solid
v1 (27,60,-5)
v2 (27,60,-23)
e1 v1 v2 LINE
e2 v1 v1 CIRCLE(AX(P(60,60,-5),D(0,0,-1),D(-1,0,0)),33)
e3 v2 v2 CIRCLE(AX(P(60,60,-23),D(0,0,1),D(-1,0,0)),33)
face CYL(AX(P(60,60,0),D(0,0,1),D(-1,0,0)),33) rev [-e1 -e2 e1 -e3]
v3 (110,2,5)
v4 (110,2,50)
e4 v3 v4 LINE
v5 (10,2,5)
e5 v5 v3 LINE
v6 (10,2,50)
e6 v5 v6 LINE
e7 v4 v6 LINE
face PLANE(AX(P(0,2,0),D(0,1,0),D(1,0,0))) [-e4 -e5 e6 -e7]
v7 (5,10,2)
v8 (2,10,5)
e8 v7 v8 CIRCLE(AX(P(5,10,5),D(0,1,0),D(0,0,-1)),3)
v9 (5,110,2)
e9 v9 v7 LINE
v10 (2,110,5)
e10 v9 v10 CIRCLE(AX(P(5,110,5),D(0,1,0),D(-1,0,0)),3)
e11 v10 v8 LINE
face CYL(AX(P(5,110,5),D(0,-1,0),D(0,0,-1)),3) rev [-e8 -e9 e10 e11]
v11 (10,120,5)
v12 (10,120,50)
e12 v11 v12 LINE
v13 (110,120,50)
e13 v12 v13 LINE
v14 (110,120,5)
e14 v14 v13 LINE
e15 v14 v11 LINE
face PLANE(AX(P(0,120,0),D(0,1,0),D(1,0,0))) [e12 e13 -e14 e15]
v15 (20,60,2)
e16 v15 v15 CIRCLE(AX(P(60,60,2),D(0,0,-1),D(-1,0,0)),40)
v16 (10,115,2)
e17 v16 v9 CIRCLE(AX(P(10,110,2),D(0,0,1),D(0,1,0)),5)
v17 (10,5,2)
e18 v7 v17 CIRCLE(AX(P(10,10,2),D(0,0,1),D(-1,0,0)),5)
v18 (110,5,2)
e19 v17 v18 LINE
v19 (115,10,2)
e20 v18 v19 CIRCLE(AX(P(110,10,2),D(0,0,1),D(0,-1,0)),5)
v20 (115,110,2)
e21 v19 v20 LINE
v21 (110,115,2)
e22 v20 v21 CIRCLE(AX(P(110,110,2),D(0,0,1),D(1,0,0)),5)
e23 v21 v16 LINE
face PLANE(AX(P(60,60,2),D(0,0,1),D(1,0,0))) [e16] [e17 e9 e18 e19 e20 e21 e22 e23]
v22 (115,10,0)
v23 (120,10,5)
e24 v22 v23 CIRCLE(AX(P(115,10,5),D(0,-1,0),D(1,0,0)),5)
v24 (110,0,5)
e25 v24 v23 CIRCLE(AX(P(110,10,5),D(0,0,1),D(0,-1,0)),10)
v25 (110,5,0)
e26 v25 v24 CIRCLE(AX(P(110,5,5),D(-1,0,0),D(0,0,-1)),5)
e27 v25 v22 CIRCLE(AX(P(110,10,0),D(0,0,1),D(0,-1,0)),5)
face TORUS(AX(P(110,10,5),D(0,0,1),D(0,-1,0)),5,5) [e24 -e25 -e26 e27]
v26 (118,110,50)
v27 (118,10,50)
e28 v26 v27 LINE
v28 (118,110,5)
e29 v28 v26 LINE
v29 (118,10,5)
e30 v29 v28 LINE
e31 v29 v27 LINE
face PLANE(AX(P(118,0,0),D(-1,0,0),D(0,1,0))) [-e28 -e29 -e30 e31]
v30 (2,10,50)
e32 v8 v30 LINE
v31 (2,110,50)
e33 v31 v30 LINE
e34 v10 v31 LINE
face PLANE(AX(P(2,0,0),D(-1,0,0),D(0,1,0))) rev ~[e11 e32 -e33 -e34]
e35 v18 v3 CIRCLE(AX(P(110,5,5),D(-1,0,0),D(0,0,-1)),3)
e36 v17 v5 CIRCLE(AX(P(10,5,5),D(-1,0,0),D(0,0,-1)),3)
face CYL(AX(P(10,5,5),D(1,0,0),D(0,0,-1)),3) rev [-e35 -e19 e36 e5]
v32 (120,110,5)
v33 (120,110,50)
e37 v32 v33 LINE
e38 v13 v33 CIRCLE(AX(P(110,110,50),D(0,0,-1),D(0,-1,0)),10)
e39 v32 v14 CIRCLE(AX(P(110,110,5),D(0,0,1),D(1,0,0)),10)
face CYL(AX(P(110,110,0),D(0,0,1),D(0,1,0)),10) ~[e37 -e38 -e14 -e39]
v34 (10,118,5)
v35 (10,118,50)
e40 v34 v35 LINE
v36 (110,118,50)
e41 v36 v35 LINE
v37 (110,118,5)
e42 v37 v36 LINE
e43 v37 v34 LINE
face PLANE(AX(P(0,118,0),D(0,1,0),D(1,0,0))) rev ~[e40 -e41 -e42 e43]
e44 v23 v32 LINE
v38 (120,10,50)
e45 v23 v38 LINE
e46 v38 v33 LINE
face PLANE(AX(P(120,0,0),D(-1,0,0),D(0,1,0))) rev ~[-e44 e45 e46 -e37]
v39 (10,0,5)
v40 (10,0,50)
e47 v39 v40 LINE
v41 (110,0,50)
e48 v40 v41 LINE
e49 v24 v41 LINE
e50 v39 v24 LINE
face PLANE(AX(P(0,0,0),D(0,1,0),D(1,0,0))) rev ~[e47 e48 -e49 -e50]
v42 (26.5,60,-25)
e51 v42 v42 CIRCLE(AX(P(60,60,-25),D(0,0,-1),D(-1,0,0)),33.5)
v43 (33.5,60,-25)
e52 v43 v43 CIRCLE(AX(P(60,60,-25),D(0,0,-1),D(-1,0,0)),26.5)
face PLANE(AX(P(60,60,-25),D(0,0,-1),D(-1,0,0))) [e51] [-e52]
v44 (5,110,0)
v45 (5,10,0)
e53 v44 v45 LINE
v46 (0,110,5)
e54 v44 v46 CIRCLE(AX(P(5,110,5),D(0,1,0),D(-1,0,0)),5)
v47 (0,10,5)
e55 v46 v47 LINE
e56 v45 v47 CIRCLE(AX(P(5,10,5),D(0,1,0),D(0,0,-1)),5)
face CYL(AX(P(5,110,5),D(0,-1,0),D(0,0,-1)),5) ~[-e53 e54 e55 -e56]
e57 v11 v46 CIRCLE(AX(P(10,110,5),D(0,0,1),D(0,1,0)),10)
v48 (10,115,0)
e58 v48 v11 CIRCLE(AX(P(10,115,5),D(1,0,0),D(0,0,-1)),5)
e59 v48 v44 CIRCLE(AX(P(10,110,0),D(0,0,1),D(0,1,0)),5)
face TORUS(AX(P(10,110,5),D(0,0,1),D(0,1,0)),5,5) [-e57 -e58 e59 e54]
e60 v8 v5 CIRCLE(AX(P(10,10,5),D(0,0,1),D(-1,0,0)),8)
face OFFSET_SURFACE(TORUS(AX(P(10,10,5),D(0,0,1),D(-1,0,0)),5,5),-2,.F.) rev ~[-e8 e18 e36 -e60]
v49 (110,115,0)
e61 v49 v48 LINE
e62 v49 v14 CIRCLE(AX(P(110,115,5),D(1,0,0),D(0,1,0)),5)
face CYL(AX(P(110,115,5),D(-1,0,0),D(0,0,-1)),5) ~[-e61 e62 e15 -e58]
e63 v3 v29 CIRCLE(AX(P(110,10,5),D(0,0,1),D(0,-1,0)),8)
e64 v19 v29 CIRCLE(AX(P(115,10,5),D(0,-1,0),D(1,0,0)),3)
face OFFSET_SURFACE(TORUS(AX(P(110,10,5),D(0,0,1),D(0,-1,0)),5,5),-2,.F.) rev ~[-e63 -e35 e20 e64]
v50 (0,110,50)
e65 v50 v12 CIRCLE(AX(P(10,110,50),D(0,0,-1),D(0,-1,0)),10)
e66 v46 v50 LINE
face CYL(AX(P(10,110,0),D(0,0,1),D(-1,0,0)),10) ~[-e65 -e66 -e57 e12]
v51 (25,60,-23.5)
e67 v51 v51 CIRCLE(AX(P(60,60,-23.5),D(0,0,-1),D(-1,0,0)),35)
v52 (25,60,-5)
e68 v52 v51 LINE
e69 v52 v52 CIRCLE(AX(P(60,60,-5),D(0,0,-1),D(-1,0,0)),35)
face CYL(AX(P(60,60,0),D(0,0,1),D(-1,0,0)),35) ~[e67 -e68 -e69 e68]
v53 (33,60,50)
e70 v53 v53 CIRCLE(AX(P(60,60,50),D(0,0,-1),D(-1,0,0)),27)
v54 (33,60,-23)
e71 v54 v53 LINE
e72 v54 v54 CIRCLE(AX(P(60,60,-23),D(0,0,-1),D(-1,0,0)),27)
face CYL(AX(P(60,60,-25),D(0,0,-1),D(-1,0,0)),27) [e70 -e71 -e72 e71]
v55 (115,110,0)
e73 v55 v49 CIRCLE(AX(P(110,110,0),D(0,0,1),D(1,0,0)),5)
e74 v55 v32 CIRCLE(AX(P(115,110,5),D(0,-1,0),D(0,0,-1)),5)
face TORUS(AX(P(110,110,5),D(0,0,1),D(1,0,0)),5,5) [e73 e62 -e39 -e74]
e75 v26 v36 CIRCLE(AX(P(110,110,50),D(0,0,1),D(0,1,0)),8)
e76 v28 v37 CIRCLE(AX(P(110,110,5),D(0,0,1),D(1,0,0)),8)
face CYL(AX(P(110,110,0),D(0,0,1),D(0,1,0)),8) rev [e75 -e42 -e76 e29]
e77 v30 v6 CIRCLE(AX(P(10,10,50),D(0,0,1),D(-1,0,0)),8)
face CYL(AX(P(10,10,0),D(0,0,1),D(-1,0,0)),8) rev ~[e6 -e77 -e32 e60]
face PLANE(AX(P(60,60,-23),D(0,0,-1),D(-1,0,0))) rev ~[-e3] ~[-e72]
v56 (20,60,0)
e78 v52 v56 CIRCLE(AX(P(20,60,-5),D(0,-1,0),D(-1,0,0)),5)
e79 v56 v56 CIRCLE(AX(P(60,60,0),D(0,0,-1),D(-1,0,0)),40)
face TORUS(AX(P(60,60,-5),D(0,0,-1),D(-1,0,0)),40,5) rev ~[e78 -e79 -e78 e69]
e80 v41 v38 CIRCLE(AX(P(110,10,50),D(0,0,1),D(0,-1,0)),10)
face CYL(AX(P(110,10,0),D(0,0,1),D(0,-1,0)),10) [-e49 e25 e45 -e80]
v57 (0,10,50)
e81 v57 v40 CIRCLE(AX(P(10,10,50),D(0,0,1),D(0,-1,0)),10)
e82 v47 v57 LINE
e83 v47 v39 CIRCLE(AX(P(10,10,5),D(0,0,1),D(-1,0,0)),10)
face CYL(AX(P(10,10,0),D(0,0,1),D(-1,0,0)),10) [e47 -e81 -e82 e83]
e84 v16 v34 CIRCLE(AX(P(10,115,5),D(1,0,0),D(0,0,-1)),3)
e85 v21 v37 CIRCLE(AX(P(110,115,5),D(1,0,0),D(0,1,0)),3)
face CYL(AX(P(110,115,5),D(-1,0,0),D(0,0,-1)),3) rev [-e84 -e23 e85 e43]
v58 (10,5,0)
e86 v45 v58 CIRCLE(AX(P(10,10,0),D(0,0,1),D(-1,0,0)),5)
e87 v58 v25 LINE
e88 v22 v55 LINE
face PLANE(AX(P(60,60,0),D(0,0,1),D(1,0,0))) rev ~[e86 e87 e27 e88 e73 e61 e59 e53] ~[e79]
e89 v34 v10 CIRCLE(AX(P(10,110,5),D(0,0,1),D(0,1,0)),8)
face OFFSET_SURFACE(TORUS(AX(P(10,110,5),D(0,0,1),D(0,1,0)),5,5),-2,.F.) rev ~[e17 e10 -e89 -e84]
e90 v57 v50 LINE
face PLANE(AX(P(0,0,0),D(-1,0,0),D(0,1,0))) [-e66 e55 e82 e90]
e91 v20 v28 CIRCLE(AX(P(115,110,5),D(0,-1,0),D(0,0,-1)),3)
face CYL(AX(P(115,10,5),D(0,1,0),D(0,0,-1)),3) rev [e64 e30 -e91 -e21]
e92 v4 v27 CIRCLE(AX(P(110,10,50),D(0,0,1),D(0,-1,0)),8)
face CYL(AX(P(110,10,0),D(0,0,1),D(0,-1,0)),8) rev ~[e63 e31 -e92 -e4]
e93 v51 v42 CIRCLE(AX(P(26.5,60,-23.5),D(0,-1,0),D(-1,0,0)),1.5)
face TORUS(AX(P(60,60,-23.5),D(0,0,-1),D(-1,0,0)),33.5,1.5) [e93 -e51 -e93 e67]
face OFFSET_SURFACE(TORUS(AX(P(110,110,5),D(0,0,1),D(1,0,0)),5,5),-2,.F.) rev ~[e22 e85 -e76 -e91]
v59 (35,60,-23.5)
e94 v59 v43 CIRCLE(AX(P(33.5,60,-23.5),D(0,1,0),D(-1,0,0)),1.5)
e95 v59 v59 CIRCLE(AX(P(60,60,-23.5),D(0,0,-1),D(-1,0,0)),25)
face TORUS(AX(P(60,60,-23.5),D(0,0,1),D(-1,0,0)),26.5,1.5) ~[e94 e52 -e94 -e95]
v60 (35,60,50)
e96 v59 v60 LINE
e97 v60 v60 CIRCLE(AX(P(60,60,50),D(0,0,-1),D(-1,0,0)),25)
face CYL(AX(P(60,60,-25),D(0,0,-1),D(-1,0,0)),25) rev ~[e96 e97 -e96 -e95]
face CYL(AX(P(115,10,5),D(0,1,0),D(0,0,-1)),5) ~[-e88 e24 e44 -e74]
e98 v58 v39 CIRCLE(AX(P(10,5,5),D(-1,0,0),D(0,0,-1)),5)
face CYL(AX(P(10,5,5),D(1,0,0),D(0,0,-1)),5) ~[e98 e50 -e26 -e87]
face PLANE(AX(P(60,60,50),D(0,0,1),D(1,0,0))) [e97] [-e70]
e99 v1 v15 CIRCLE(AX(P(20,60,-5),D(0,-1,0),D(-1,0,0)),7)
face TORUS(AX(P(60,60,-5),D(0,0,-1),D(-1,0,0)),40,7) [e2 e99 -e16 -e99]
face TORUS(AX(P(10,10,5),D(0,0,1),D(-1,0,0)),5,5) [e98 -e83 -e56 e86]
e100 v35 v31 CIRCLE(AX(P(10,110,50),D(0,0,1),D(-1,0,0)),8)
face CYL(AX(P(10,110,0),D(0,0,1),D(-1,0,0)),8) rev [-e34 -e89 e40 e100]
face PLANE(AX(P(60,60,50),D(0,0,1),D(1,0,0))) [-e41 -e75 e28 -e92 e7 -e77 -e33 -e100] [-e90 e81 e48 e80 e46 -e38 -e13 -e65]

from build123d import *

# Parameters (mm, degrees)
SKETCH2_W           = 120
SKETCH2_H           = 120
BOSS_EXTRUDE2_DEPTH = 50
SKETCH4_R           = 35
BOSS_EXTRUDE3_DEPTH = 25
SKETCH5_R           = 25
CUT_EXTRUDE1_DEPTH  = 186.539753153
FILLET1_R           = 10
FILLET2_R           = 1.5
FILLET3_R           = 5
SHELL2_T            = -2


with BuildPart() as part:
    # Sketch2 → Boss-Extrude2 (new body)
    with BuildSketch(Plane.XY):
        with Locations((60, 60)):
            Rectangle(SKETCH2_W, SKETCH2_H)
    extrude(amount=BOSS_EXTRUDE2_DEPTH)

    # Sketch4 → Boss-Extrude3 (add)
    with BuildSketch(Plane(origin=(0, 0, 0), x_dir=(-1, 0, 0), z_dir=(0, 0, -1))):
        with Locations((-60, 60)):
            Circle(SKETCH4_R)
    extrude(amount=BOSS_EXTRUDE3_DEPTH)

    # Sketch5 → Cut-Extrude1 (cut, through all)
    with BuildSketch(Plane(origin=(0, 0, -25), x_dir=(-1, 0, 0), z_dir=(0, 0, -1))):
        with Locations((-60, 60)):
            Circle(SKETCH5_R)
    extrude(amount=-CUT_EXTRUDE1_DEPTH, mode=Mode.SUBTRACT)

    # Fillet1
    fillet1_edges = [part.edges().sort_by_distance(p)[0] for p in [
        (0, 120, 25),
        (120, 120, 25),
        (120, 0, 25),
        (0, 0, 25),
    ]]
    fillet(fillet1_edges, radius=FILLET1_R)

    # Fillet2
    fillet2_edges = [part.edges().sort_by_distance(p)[0] for p in [
        (95, 60, -25),
        (85, 60, -25),
    ]]
    fillet(fillet2_edges, radius=FILLET2_R)

    # Fillet3
    fillet3_edges = [part.edges().sort_by_distance(p)[0] for p in [
        (95, 60, 0),
        (60, 0, 0),
        (0, 60, 0),
        (60, 120, 0),
        (120, 60, 0),
        (2.928932188, 117.071067812, 0),
        (117.071067812, 117.071067812, 0),
        (117.071067812, 2.928932188, 0),
        (2.928932188, 2.928932188, 0),
    ]]
    fillet(fillet3_edges, radius=FILLET3_R)

    # Shell2
    shell2_openings = [part.faces().sort_by_distance(p)[0] for p in [
        (60, 1.697056275, 50),
    ]]
    offset(amount=SHELL2_T, openings=shell2_openings, kind=Kind.INTERSECTION)


solid = part.part
